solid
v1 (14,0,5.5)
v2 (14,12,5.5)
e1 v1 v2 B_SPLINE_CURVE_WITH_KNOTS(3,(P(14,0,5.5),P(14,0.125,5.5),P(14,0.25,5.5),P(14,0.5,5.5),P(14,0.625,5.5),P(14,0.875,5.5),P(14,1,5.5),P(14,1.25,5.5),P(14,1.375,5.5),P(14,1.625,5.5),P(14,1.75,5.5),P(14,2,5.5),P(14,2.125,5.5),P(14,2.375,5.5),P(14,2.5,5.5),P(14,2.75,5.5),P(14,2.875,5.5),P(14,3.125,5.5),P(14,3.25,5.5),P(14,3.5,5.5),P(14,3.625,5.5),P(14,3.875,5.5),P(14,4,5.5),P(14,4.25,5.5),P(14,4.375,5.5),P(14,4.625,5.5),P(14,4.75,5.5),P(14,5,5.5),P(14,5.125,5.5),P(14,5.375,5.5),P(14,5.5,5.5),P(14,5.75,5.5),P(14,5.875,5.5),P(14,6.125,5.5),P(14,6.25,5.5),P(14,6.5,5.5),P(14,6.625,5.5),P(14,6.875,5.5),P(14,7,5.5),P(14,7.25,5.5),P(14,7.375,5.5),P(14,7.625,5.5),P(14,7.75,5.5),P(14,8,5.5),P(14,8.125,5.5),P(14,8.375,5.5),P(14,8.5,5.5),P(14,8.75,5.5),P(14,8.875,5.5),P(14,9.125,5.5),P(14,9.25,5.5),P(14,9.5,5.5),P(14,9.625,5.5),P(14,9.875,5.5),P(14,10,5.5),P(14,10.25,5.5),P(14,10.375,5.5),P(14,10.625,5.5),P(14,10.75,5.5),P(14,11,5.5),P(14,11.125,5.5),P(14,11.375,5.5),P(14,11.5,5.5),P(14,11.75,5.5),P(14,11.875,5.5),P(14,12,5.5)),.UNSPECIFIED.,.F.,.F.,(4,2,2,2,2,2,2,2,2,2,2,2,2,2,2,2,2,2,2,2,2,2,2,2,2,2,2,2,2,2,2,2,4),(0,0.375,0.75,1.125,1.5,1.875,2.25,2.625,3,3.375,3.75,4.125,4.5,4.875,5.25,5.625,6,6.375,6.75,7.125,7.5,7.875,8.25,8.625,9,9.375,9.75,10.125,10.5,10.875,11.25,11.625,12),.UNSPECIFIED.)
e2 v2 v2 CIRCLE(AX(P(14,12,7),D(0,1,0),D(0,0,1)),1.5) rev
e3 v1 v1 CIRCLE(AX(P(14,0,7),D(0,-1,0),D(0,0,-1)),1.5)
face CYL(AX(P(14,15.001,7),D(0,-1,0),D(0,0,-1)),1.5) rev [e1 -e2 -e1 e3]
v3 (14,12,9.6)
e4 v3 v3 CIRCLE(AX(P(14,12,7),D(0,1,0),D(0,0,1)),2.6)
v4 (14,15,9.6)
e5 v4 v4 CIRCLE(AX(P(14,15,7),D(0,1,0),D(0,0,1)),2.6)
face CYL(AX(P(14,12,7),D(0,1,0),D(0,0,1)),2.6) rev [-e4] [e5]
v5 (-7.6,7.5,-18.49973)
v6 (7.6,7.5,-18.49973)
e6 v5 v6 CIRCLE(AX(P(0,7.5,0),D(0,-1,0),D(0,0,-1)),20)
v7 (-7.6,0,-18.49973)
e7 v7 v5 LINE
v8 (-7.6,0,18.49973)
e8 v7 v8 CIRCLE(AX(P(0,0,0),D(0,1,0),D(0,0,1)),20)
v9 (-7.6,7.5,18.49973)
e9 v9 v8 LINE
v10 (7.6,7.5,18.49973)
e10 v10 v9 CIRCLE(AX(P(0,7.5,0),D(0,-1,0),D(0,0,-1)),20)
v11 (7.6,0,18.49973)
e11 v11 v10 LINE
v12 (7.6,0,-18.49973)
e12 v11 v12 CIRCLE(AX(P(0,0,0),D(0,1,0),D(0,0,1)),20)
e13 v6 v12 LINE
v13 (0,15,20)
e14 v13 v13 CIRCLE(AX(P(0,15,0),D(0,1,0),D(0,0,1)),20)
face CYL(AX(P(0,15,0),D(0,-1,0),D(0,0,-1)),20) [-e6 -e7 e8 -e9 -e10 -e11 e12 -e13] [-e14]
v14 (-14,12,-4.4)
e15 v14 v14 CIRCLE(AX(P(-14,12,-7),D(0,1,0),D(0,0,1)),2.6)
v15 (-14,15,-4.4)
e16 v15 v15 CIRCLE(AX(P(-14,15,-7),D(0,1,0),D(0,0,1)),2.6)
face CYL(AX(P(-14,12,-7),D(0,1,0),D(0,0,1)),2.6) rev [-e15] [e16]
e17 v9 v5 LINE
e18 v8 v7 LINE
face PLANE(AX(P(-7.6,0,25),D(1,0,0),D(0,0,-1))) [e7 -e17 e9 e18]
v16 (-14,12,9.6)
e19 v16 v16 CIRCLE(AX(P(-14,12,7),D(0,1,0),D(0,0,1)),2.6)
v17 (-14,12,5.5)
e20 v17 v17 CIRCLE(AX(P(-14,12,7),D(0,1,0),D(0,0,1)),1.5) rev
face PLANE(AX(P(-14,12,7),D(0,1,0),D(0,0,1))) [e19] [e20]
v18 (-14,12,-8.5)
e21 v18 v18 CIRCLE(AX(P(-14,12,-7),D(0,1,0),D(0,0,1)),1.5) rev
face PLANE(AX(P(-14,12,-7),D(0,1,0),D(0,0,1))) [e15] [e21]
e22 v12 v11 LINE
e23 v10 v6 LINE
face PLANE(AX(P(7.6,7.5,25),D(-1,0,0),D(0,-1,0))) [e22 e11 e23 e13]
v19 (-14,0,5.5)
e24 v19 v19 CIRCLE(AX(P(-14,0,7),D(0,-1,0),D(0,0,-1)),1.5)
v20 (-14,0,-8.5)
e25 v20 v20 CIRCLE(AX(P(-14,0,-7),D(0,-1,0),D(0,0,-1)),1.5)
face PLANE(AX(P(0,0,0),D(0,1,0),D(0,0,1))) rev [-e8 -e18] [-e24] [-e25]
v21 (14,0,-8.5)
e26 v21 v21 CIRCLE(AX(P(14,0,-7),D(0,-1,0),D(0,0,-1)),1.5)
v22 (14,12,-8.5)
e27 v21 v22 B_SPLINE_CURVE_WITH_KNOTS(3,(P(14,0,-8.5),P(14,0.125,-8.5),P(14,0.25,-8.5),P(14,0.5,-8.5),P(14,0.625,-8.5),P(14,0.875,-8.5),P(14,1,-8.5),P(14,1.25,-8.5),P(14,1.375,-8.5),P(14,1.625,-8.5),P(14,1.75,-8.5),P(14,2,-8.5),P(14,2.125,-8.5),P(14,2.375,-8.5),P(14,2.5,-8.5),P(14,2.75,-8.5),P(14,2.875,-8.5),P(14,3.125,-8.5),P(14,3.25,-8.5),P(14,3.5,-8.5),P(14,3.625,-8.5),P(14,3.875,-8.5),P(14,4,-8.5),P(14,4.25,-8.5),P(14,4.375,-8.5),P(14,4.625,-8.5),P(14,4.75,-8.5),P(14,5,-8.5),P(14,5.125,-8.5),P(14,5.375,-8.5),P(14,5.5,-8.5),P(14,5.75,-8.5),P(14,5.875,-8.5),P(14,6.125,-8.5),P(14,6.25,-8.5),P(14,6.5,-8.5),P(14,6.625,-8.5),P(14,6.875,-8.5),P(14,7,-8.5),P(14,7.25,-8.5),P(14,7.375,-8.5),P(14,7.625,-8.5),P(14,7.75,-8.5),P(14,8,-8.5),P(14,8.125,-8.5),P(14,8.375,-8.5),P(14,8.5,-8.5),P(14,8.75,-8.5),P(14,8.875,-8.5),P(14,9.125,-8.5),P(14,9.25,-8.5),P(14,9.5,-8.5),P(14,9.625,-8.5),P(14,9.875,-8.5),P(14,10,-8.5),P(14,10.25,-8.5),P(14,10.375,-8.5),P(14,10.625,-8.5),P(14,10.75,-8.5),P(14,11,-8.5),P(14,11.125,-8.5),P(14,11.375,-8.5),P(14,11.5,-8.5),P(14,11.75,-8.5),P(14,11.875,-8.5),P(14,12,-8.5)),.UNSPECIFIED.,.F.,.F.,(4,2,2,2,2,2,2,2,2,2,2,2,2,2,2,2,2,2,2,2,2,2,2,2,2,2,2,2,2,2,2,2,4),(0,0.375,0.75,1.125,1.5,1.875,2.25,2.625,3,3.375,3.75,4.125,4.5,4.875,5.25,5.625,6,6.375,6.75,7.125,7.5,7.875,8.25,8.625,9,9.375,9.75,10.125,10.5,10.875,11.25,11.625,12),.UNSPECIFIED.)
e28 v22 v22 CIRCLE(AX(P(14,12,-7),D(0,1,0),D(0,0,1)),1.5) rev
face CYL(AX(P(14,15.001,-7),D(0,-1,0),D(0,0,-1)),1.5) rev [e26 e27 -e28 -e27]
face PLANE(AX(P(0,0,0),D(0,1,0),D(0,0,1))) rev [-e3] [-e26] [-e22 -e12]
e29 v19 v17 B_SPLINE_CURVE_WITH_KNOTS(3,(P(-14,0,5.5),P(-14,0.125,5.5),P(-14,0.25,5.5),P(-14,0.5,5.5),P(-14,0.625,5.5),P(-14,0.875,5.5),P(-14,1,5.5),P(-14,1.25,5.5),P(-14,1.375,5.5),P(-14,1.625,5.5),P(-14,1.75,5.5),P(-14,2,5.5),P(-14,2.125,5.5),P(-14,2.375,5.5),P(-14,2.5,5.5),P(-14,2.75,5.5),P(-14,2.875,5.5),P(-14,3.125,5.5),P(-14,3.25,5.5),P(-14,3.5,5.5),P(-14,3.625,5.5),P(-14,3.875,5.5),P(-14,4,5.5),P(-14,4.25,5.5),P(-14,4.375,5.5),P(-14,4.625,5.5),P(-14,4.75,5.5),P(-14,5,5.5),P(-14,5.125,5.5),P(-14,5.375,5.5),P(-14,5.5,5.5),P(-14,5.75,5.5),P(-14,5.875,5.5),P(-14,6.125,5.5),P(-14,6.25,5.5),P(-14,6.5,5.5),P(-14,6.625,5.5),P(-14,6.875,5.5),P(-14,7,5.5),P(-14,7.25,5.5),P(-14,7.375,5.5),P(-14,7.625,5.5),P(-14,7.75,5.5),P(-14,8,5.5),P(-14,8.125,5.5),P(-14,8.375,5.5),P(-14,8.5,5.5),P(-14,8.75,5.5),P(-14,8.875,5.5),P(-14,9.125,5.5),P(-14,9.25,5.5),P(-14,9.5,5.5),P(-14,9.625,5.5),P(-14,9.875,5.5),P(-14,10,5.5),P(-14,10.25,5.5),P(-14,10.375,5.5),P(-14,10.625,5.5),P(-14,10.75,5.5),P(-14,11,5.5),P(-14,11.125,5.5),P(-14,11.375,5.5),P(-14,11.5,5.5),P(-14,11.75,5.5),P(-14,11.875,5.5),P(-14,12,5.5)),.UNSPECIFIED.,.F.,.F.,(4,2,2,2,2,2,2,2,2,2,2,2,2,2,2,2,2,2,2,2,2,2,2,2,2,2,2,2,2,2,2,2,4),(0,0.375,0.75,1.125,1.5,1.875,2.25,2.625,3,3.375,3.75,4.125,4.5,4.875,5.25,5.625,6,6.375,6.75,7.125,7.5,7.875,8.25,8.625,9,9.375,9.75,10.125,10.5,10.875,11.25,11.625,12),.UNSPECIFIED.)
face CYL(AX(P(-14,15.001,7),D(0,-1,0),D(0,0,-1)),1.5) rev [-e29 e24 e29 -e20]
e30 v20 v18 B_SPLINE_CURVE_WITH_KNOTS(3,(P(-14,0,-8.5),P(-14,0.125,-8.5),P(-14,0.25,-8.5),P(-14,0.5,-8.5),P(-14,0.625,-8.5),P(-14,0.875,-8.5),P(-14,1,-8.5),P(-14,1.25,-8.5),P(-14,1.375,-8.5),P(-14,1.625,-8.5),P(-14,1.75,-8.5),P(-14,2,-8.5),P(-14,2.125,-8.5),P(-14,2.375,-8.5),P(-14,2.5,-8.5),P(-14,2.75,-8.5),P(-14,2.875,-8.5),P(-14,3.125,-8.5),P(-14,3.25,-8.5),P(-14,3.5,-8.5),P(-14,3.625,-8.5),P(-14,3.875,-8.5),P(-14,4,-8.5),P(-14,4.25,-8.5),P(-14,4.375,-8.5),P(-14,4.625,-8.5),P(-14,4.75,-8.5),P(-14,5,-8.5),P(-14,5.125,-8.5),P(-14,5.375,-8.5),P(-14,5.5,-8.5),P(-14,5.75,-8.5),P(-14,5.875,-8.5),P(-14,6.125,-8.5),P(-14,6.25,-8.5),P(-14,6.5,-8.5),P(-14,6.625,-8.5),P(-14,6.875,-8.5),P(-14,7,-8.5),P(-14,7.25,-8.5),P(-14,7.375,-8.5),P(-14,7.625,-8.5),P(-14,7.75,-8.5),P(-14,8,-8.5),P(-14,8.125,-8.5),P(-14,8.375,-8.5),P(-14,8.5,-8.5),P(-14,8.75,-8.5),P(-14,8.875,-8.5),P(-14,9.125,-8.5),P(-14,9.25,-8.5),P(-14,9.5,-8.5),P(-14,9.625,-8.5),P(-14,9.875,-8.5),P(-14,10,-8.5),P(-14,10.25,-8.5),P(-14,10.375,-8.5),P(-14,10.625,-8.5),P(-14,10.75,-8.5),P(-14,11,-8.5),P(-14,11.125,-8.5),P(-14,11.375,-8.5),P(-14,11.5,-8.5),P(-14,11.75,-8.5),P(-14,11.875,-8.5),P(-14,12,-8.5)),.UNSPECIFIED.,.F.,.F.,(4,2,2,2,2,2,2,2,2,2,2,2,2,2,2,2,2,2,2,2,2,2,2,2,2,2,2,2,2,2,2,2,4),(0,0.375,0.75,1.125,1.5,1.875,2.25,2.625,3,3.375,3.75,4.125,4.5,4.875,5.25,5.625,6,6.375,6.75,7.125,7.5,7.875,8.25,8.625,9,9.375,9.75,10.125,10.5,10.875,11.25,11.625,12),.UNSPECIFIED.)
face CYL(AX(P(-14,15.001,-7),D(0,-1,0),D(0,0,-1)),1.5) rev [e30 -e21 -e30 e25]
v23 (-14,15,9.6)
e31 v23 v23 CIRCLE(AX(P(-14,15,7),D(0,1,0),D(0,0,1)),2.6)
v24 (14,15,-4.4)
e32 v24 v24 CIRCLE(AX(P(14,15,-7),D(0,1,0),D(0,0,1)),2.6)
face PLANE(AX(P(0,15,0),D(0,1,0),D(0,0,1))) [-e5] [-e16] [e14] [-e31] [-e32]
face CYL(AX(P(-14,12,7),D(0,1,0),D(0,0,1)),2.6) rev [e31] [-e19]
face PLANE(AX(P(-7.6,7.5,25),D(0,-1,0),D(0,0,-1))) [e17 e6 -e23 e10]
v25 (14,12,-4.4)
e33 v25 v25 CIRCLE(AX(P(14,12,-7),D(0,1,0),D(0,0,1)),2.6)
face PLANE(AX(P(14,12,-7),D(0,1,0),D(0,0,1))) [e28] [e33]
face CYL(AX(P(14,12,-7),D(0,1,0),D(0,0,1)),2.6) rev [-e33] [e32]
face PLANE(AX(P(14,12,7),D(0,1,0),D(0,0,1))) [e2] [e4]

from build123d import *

# Parameters (mm, degrees)
SKETCH1_R               = 20
BOSS_EXTRUDE1_DEPTH     = 15
CUT_EXTRUDE1_DEPTH      = 25
CUT_EXTRUDE1_DEPTH_BACK = 25
SKETCH2_W               = 15.2
SKETCH2_H               = 7.5
CUT_EXTRUDE2_REACH      = 34.016
SKETCH3_R               = 1.5
SKETCH4_R               = 2.6
CUT_EXTRUDE3_DEPTH      = 3


with BuildPart() as part:
    # Sketch1 → Boss-Extrude1 (new body)
    with BuildSketch(Plane(origin=(0, 0, 0), x_dir=(1, 0, 0), z_dir=(0, 1, 0))):
        Circle(SKETCH1_R)
    extrude(amount=BOSS_EXTRUDE1_DEPTH)

    # Sketch2 → Cut-Extrude1 (cut, two sides: drawn at the far end of the back side and taken through both)
    with BuildSketch(Plane.XY.offset(-CUT_EXTRUDE1_DEPTH_BACK)):
        with Locations((0, 3.75)):
            Rectangle(SKETCH2_W, SKETCH2_H)
    extrude(amount=CUT_EXTRUDE1_DEPTH + CUT_EXTRUDE1_DEPTH_BACK, mode=Mode.SUBTRACT)

    # Sketch3 → Cut-Extrude2 (cut, up to next)
    with BuildSketch(Plane(origin=(0, 0, 0), x_dir=(-1, 0, 0), z_dir=(0, -1, 0)), mode=Mode.PRIVATE) as cut_extrude2_sk1:
        with Locations((14, -7)):
            Circle(SKETCH3_R)
    cut_extrude2_tool1 = extrude(cut_extrude2_sk1.sketch, amount=-CUT_EXTRUDE2_REACH, mode=Mode.PRIVATE) & part.part
    # Sketch3 → Cut-Extrude2 (cut, up to next)
    with BuildSketch(Plane(origin=(0, 0, 0), x_dir=(-1, 0, 0), z_dir=(0, -1, 0)), mode=Mode.PRIVATE) as cut_extrude2_sk2:
        with Locations((14, 7)):
            Circle(SKETCH3_R)
    cut_extrude2_tool2 = extrude(cut_extrude2_sk2.sketch, amount=-CUT_EXTRUDE2_REACH, mode=Mode.PRIVATE) & part.part
    # Sketch3 → Cut-Extrude2 (cut, up to next)
    with BuildSketch(Plane(origin=(0, 0, 0), x_dir=(-1, 0, 0), z_dir=(0, -1, 0)), mode=Mode.PRIVATE) as cut_extrude2_sk3:
        with Locations((-14, -7)):
            Circle(SKETCH3_R)
    cut_extrude2_tool3 = extrude(cut_extrude2_sk3.sketch, amount=-CUT_EXTRUDE2_REACH, mode=Mode.PRIVATE) & part.part
    # Sketch3 → Cut-Extrude2 (cut, up to next)
    with BuildSketch(Plane(origin=(0, 0, 0), x_dir=(-1, 0, 0), z_dir=(0, -1, 0)), mode=Mode.PRIVATE) as cut_extrude2_sk4:
        with Locations((-14, 7)):
            Circle(SKETCH3_R)
    cut_extrude2_tool4 = extrude(cut_extrude2_sk4.sketch, amount=-CUT_EXTRUDE2_REACH, mode=Mode.PRIVATE) & part.part
    add(cut_extrude2_tool1.solids().sort_by_distance((-14, 0, 7))[0], mode=Mode.SUBTRACT)
    add(cut_extrude2_tool2.solids().sort_by_distance((-14, 0, -7))[0], mode=Mode.SUBTRACT)
    add(cut_extrude2_tool3.solids().sort_by_distance((14, 0, 7))[0], mode=Mode.SUBTRACT)
    add(cut_extrude2_tool4.solids().sort_by_distance((14, 0, -7))[0], mode=Mode.SUBTRACT)

    # Sketch4 → Cut-Extrude3 (cut)
    with BuildSketch(Plane(origin=(0, 15, 0), x_dir=(1, 0, 0), z_dir=(0, 1, 0))):
        with Locations((-14, 7)):
            Circle(SKETCH4_R)
        with Locations((-14, -7)):
            Circle(SKETCH4_R)
        with Locations((14, 7)):
            Circle(SKETCH4_R)
        with Locations((14, -7)):
            Circle(SKETCH4_R)
    extrude(amount=-CUT_EXTRUDE3_DEPTH, mode=Mode.SUBTRACT)


solid = part.part
